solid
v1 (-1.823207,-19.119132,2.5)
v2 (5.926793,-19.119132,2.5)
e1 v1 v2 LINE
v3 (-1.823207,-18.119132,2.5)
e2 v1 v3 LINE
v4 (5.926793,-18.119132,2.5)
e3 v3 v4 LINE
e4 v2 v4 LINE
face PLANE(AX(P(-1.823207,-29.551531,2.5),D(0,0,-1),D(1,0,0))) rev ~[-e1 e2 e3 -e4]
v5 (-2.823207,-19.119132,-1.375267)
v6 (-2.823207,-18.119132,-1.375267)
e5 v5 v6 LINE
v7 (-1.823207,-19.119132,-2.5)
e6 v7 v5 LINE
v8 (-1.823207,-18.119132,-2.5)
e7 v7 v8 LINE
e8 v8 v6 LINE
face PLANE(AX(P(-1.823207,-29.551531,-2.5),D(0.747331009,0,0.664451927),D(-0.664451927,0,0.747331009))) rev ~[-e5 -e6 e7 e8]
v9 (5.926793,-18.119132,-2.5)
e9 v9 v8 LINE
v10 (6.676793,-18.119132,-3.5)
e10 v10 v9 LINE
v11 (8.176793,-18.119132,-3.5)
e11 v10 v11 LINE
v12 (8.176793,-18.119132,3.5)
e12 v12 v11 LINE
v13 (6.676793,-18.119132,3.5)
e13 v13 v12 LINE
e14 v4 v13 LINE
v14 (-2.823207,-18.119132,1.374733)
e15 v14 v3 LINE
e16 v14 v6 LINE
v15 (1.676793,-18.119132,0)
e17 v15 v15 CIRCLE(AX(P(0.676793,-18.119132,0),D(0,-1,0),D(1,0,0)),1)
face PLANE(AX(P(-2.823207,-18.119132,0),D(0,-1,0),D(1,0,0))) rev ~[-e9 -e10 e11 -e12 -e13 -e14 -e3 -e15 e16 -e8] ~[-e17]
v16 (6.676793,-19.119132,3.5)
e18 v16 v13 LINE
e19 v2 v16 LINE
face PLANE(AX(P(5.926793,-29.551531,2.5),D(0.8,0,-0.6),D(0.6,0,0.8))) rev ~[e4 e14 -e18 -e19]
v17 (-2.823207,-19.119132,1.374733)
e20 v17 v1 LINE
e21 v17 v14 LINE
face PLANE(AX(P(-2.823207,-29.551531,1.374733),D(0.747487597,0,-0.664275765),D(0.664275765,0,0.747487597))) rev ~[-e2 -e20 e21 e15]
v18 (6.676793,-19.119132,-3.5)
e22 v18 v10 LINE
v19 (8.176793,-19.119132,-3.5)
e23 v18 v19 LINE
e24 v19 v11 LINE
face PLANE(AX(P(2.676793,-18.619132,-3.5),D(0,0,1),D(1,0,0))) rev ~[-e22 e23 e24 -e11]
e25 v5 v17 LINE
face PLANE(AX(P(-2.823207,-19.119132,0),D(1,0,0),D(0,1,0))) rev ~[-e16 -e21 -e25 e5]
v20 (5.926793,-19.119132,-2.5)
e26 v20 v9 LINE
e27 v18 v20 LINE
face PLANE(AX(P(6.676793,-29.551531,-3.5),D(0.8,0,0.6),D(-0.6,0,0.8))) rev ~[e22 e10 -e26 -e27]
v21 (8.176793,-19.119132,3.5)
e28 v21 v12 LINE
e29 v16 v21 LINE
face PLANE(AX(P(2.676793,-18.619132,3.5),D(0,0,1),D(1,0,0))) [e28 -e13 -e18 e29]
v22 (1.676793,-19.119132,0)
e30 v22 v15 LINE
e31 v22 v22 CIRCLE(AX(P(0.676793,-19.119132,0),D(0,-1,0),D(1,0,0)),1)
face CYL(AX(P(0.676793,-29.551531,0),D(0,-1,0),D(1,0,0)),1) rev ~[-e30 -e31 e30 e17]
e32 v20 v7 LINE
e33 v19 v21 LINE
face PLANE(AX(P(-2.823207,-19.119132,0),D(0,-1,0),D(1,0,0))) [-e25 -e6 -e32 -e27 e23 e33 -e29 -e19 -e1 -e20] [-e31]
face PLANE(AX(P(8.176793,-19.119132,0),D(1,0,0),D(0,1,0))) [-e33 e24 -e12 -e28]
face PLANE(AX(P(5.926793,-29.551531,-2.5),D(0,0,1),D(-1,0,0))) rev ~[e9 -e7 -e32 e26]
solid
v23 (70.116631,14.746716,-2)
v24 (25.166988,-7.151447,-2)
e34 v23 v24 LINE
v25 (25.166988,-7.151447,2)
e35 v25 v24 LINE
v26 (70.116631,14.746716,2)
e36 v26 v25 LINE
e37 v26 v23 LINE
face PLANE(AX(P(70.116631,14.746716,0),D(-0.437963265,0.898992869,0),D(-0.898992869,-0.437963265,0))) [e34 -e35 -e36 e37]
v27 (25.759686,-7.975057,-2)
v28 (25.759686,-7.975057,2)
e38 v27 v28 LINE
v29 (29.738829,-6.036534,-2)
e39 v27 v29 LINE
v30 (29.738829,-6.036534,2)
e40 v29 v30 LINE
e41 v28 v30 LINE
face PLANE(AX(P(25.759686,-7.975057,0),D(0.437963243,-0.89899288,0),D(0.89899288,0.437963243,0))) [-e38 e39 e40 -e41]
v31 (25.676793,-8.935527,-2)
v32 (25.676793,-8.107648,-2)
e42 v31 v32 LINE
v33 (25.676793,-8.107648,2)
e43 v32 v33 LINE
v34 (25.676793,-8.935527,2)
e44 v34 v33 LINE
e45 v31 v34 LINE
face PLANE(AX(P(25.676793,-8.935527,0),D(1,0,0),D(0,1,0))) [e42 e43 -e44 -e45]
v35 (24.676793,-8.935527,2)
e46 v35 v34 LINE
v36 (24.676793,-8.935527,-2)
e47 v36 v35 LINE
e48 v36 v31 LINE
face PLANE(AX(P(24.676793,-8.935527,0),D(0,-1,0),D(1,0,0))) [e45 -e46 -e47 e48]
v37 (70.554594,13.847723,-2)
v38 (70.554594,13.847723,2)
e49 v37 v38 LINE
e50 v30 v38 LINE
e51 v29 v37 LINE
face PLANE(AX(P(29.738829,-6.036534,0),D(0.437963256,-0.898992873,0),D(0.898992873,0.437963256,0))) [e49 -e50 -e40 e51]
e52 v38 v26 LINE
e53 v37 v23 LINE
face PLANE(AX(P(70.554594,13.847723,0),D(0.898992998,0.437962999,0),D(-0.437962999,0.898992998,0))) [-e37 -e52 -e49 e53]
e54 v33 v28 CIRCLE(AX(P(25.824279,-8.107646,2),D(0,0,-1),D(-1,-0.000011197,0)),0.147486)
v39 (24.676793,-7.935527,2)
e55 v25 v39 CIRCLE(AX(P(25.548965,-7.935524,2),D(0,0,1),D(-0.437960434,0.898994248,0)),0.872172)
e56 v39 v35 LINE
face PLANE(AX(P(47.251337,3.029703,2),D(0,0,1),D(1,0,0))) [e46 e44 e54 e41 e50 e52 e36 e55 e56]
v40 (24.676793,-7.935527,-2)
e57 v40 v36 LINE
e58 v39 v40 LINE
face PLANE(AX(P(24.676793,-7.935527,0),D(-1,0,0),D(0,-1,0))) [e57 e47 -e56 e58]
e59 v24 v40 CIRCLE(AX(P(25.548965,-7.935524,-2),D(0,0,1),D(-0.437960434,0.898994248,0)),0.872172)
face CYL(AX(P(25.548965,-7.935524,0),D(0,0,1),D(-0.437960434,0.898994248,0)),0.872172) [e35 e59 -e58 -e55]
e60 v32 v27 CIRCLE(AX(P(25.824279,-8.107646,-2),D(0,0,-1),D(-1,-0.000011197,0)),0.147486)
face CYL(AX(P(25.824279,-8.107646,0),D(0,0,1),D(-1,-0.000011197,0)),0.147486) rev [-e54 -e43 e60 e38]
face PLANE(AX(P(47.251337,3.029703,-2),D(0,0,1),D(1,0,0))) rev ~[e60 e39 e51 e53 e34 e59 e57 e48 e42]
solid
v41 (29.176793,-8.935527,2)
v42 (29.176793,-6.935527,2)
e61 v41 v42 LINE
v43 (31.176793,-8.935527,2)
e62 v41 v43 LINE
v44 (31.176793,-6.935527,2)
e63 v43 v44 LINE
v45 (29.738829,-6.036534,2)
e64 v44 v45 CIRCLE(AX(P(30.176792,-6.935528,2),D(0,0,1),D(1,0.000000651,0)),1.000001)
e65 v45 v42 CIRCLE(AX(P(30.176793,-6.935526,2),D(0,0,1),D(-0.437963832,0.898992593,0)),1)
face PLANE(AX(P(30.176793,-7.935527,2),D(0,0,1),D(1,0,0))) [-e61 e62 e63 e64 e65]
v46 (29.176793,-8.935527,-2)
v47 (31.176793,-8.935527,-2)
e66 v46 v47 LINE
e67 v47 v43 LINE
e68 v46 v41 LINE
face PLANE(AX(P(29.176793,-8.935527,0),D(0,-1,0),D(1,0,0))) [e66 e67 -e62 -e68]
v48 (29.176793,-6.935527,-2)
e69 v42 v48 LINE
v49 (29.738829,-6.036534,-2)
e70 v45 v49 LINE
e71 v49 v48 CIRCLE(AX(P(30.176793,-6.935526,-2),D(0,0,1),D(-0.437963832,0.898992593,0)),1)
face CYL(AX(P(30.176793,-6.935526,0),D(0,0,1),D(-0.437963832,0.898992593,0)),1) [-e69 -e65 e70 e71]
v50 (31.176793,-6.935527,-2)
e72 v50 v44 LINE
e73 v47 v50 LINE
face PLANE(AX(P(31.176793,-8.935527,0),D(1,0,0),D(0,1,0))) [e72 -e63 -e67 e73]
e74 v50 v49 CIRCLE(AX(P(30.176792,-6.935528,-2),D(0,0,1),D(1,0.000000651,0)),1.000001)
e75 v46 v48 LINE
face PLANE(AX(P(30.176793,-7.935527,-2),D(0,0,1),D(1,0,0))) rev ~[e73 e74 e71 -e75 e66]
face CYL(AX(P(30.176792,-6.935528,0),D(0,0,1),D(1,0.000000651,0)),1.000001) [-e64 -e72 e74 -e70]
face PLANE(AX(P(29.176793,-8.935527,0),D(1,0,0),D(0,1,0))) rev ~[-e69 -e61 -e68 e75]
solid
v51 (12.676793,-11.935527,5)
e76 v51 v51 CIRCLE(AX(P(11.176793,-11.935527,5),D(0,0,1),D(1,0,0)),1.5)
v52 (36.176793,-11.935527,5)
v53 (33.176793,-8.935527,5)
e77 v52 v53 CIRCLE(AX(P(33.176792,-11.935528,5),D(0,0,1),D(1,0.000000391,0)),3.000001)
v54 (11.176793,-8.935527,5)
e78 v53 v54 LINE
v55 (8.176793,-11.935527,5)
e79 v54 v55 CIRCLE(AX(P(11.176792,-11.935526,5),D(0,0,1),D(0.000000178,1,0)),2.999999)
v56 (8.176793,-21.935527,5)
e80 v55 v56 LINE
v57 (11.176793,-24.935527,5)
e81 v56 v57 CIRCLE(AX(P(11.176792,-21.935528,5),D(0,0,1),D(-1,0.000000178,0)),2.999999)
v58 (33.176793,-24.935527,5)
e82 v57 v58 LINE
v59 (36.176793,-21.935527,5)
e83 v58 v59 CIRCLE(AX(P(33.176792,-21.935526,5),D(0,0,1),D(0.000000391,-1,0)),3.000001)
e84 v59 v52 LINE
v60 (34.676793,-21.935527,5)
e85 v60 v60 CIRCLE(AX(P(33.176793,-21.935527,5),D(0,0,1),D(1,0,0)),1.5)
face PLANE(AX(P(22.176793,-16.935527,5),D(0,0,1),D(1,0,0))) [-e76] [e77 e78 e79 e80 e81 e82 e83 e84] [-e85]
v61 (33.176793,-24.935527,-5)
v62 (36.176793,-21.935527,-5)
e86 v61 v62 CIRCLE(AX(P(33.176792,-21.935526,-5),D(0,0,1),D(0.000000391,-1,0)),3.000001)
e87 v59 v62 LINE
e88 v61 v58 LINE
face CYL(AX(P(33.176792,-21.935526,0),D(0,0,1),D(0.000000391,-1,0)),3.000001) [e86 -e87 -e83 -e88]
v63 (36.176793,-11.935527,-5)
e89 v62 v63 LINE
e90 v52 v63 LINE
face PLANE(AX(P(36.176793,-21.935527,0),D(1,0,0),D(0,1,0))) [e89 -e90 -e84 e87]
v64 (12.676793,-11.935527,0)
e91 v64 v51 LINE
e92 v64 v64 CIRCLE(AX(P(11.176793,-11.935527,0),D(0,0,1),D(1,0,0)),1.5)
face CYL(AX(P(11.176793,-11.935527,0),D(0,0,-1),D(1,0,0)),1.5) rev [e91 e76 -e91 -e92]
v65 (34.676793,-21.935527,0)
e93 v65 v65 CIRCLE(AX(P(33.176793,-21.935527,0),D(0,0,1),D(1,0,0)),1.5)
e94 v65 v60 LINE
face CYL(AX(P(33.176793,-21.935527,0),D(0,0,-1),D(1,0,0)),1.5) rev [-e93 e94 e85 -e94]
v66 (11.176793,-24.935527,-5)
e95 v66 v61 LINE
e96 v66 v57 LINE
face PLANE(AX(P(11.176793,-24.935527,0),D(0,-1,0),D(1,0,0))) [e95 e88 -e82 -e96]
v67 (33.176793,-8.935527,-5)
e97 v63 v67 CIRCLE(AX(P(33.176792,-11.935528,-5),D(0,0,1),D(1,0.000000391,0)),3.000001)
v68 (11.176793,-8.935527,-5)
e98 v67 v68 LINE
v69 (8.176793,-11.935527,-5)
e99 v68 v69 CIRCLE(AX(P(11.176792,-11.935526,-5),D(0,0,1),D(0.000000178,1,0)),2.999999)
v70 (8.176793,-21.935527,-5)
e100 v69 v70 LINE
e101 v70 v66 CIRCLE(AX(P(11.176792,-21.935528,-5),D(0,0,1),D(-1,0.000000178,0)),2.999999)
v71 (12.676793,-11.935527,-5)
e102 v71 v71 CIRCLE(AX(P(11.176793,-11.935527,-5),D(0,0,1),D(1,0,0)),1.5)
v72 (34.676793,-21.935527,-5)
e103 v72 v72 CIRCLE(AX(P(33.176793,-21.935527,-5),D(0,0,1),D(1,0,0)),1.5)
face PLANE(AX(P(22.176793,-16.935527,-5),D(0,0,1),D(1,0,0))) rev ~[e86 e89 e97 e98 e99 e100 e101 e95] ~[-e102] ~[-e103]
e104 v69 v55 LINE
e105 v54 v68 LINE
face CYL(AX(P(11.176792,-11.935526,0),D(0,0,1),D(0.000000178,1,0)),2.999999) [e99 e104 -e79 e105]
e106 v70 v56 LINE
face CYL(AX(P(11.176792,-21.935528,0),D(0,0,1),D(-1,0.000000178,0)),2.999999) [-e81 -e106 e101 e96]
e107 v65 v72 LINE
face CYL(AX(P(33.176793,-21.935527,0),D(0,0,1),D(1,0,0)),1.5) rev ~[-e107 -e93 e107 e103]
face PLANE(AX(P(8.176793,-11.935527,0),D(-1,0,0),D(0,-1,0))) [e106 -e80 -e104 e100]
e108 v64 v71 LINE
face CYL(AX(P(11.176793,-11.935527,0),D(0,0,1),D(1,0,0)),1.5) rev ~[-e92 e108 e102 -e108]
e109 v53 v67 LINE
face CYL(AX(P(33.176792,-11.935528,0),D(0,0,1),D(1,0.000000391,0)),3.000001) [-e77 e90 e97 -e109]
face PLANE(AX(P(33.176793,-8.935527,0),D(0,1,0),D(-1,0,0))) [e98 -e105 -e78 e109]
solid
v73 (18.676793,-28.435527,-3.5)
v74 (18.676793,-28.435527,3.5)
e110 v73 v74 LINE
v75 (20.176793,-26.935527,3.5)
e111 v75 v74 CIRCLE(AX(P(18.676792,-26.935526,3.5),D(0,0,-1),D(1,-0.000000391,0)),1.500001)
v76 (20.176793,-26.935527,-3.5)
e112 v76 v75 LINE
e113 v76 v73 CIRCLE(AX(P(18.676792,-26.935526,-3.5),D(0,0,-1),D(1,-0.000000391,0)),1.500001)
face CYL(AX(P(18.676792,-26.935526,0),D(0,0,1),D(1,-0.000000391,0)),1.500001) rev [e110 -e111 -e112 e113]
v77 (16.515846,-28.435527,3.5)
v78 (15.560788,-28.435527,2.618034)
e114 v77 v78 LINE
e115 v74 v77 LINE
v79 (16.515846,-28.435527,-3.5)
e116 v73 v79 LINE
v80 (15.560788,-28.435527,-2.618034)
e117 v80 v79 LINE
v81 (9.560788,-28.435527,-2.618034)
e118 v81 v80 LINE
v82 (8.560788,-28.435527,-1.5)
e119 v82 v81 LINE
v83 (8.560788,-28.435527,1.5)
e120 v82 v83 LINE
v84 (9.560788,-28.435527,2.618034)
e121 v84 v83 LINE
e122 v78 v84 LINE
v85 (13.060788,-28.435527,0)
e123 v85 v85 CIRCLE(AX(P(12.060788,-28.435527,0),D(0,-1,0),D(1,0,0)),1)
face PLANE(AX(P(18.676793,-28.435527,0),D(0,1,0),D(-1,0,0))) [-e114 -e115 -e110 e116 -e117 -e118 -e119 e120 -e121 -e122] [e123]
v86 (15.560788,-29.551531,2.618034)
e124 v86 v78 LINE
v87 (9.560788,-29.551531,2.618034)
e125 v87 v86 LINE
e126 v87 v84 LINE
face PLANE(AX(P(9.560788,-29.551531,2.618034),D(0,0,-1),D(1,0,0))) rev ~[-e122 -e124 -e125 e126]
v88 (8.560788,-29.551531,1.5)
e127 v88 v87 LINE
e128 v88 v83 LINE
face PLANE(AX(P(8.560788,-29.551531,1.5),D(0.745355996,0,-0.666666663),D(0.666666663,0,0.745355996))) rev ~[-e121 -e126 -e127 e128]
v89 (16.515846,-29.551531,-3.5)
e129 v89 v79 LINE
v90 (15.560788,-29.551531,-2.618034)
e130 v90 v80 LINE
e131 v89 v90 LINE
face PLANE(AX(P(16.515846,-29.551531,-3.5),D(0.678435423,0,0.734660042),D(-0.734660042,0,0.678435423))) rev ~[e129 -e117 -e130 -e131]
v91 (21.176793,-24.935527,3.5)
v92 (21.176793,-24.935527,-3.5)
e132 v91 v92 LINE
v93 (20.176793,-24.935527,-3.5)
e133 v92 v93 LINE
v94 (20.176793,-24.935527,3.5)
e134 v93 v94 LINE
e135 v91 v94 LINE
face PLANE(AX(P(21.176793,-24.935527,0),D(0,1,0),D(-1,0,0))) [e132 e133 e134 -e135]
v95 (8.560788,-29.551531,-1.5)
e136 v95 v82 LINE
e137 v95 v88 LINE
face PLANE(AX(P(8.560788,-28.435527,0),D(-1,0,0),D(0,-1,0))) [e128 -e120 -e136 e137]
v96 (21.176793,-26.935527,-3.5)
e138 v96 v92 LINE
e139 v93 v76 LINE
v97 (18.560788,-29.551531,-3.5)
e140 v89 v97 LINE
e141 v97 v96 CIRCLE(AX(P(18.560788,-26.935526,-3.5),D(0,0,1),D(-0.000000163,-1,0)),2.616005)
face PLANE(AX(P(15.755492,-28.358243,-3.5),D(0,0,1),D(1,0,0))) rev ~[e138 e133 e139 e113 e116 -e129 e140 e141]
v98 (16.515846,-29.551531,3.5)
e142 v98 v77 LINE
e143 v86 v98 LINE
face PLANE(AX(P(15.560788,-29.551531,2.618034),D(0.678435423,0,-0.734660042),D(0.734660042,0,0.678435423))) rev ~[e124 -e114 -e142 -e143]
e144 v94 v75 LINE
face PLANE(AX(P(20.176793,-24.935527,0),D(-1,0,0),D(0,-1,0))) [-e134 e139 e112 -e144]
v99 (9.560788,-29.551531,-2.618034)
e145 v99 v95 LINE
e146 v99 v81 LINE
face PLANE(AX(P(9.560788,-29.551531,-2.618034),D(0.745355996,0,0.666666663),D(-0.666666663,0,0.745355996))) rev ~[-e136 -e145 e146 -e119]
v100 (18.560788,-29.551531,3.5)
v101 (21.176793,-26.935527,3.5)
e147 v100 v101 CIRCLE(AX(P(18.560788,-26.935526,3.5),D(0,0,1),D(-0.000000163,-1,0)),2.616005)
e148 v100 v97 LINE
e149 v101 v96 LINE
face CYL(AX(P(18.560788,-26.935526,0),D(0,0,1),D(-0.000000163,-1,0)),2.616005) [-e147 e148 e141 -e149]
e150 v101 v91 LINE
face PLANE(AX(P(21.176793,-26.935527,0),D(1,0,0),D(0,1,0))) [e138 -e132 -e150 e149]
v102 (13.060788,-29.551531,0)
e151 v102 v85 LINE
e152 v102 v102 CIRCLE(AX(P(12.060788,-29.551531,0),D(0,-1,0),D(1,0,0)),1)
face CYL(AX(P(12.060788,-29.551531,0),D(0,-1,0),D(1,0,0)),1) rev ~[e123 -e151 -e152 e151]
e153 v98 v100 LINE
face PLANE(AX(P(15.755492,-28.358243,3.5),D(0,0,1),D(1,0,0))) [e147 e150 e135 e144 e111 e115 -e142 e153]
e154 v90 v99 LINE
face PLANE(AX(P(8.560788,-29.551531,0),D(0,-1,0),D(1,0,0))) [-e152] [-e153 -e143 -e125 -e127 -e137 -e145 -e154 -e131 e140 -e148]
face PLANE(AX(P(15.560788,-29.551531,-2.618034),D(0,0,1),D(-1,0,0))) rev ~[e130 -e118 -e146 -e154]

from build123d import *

# Parameters (mm, degrees)
F0_R          = 1.5
F1_DEPTH      = 5
F1_DEPTH_BACK = 5
F0_W          = 2
F0_H          = 2
F2_DEPTH      = 2
F2_DEPTH_BACK = 2
F3_DEPTH      = 2
F3_DEPTH_BACK = 2
F4_DEPTH      = 3.5
F4_DEPTH_BACK = 3.5
F0_W_2        = 11
F0_H_2        = 1
F5_DEPTH      = 3.5
F5_DEPTH_BACK = 3.5
F6_R          = 1
F7_DEPTH      = 3.08035
F8_R          = 1
F9_DEPTH      = 25


with BuildPart() as f1:
    # F0 (on Top) → F1 (new body, two sides)
    with BuildSketch(Plane.XY) as f1_sk:
        with BuildLine():
            Line((24.676793, -8.935527), (11.176793, -8.935527))
            ThreePointArc((11.176793, -8.935527), (9.055472, -9.814207), (8.176793, -11.935527))
            Line((8.176793, -11.935527), (8.176793, -18.119132))
            Line((8.176793, -18.119132), (8.176793, -19.119132))
            Line((8.176793, -19.119132), (8.176793, -21.935527))
            ThreePointArc((8.176793, -21.935527), (9.055472, -24.056847), (11.176793, -24.935527))
            Line((11.176793, -24.935527), (15.126595, -24.935527))
            Line((15.126595, -24.935527), (20.176793, -24.935527))
            Line((20.176793, -24.935527), (21.176793, -24.935527))
            Line((21.176793, -24.935527), (33.176793, -24.935527))
            ThreePointArc((33.176793, -24.935527), (35.298113, -24.056847), (36.176793, -21.935527))
            Line((36.176793, -21.935527), (36.176793, -11.935527))
            ThreePointArc((36.176793, -11.935527), (35.298113, -9.814207), (33.176793, -8.935527))
            Line((33.176793, -8.935527), (31.176793, -8.935527))
            Line((31.176793, -8.935527), (29.176793, -8.935527))
            Line((29.176793, -8.935527), (25.676793, -8.935527))
            Line((25.676793, -8.935527), (24.676793, -8.935527))
        make_face()
        with Locations((33.176793, -21.935527)):
            Circle(F0_R, mode=Mode.SUBTRACT)
        with Locations((11.176793, -11.935527)):
            Circle(F0_R, mode=Mode.SUBTRACT)
    extrude(amount=F1_DEPTH)
    extrude(f1_sk.sketch, amount=-F1_DEPTH_BACK)


with BuildPart() as f2:
    # F0 (on Top) → F2 (new body, two sides)
    with BuildSketch(Plane.XY) as f2_sk:
        with Locations((30.176793, -7.935527)):
            Rectangle(F0_W, F0_H)
        with BuildLine():
            ThreePointArc((29.738829, -6.036534), (29.328865, -6.405415), (29.176793, -6.935527))
            Line((29.176793, -6.935527), (31.176793, -6.935527))
            ThreePointArc((31.176793, -6.935527), (30.706904, -6.087599), (29.738829, -6.036534))
        make_face()
    extrude(amount=F2_DEPTH)
    extrude(f2_sk.sketch, amount=-F2_DEPTH_BACK)


with BuildPart() as f3:
    # F0 (on Top) → F3 (new body, two sides)
    with BuildSketch(Plane.XY) as f3_sk:
        with BuildLine():
            Line((24.676793, -7.935527), (24.676793, -8.935527))
            Line((24.676793, -8.935527), (25.676793, -8.935527))
            Line((25.676793, -8.935527), (25.676793, -8.107648))
            ThreePointArc((25.676793, -8.107648), (25.699221, -8.029463), (25.759686, -7.975057))
            Line((25.759686, -7.975057), (29.738829, -6.036534))
            Line((29.738829, -6.036534), (70.554594, 13.847723))
            Line((70.554594, 13.847723), (70.116631, 14.746716))
            Line((70.116631, 14.746716), (25.166988, -7.151447))
            ThreePointArc((25.166988, -7.151447), (24.809426, -7.473176), (24.676793, -7.935527))
        make_face()
    extrude(amount=F3_DEPTH)
    extrude(f3_sk.sketch, amount=-F3_DEPTH_BACK)


with BuildPart() as f4:
    # F0 (on Top) → F4 (new body, two sides)
    with BuildSketch(Plane.XY) as f4_sk:
        with BuildLine():
            Line((21.176793, -24.935527), (20.176793, -24.935527))
            Line((20.176793, -24.935527), (20.176793, -26.935527))
            ThreePointArc((20.176793, -26.935527), (19.737453, -27.996187), (18.676793, -28.435527))
            Line((18.676793, -28.435527), (15.126595, -28.435527))
            Line((15.126595, -28.435527), (8.560788, -28.435527))
            Line((8.560788, -28.435527), (8.560788, -29.551531))
            Line((8.560788, -29.551531), (18.560788, -29.551531))
            ThreePointArc((18.560788, -29.551531), (20.410583, -28.785321), (21.176793, -26.935527))
            Line((21.176793, -26.935527), (21.176793, -24.935527))
        make_face()
    extrude(amount=F4_DEPTH)
    extrude(f4_sk.sketch, amount=-F4_DEPTH_BACK)

    # F6 (on face) → F7 (cut)
    with BuildSketch(Plane.XZ.offset(29.551531)):
        Polygon((8.560788, -3.5), (16.515846, -3.5), (15.560788, -2.618034), (9.560788, -2.618034), (8.560788, -1.5), align=None)
        Polygon((15.560788, 2.618034), (16.515846, 3.5), (8.560788, 3.5), (8.560788, 1.5), (9.560788, 2.618034), align=None)
        with Locations((12.060788, 0)):
            Circle(F6_R)
    extrude(amount=-F7_DEPTH, mode=Mode.SUBTRACT)


with BuildPart() as f5:
    # F0 (on Top) → F5 (new body, two sides)
    with BuildSketch(Plane.XY) as f5_sk:
        with Locations((2.676793, -18.619132)):
            Rectangle(F0_W_2, F0_H_2)
    extrude(amount=F5_DEPTH)
    extrude(f5_sk.sketch, amount=-F5_DEPTH_BACK)

    # F8 (on face) → F9 (cut)
    with BuildSketch(Plane.XZ.offset(29.551531)):
        Polygon((5.926793, 2.5), (6.676793, 3.5), (-2.823207, 3.5), (-2.823207, 1.374733), (-1.823207, 2.5), align=None)
        with Locations((0.676793, 0)):
            Circle(F8_R)
        Polygon((-2.823207, -3.5), (6.676793, -3.5), (5.926793, -2.5), (-1.823207, -2.5), (-2.823207, -1.375267), align=None)
    extrude(amount=-F9_DEPTH, mode=Mode.SUBTRACT)


solid = Compound([f1.part, f2.part, f3.part, f4.part, f5.part])
